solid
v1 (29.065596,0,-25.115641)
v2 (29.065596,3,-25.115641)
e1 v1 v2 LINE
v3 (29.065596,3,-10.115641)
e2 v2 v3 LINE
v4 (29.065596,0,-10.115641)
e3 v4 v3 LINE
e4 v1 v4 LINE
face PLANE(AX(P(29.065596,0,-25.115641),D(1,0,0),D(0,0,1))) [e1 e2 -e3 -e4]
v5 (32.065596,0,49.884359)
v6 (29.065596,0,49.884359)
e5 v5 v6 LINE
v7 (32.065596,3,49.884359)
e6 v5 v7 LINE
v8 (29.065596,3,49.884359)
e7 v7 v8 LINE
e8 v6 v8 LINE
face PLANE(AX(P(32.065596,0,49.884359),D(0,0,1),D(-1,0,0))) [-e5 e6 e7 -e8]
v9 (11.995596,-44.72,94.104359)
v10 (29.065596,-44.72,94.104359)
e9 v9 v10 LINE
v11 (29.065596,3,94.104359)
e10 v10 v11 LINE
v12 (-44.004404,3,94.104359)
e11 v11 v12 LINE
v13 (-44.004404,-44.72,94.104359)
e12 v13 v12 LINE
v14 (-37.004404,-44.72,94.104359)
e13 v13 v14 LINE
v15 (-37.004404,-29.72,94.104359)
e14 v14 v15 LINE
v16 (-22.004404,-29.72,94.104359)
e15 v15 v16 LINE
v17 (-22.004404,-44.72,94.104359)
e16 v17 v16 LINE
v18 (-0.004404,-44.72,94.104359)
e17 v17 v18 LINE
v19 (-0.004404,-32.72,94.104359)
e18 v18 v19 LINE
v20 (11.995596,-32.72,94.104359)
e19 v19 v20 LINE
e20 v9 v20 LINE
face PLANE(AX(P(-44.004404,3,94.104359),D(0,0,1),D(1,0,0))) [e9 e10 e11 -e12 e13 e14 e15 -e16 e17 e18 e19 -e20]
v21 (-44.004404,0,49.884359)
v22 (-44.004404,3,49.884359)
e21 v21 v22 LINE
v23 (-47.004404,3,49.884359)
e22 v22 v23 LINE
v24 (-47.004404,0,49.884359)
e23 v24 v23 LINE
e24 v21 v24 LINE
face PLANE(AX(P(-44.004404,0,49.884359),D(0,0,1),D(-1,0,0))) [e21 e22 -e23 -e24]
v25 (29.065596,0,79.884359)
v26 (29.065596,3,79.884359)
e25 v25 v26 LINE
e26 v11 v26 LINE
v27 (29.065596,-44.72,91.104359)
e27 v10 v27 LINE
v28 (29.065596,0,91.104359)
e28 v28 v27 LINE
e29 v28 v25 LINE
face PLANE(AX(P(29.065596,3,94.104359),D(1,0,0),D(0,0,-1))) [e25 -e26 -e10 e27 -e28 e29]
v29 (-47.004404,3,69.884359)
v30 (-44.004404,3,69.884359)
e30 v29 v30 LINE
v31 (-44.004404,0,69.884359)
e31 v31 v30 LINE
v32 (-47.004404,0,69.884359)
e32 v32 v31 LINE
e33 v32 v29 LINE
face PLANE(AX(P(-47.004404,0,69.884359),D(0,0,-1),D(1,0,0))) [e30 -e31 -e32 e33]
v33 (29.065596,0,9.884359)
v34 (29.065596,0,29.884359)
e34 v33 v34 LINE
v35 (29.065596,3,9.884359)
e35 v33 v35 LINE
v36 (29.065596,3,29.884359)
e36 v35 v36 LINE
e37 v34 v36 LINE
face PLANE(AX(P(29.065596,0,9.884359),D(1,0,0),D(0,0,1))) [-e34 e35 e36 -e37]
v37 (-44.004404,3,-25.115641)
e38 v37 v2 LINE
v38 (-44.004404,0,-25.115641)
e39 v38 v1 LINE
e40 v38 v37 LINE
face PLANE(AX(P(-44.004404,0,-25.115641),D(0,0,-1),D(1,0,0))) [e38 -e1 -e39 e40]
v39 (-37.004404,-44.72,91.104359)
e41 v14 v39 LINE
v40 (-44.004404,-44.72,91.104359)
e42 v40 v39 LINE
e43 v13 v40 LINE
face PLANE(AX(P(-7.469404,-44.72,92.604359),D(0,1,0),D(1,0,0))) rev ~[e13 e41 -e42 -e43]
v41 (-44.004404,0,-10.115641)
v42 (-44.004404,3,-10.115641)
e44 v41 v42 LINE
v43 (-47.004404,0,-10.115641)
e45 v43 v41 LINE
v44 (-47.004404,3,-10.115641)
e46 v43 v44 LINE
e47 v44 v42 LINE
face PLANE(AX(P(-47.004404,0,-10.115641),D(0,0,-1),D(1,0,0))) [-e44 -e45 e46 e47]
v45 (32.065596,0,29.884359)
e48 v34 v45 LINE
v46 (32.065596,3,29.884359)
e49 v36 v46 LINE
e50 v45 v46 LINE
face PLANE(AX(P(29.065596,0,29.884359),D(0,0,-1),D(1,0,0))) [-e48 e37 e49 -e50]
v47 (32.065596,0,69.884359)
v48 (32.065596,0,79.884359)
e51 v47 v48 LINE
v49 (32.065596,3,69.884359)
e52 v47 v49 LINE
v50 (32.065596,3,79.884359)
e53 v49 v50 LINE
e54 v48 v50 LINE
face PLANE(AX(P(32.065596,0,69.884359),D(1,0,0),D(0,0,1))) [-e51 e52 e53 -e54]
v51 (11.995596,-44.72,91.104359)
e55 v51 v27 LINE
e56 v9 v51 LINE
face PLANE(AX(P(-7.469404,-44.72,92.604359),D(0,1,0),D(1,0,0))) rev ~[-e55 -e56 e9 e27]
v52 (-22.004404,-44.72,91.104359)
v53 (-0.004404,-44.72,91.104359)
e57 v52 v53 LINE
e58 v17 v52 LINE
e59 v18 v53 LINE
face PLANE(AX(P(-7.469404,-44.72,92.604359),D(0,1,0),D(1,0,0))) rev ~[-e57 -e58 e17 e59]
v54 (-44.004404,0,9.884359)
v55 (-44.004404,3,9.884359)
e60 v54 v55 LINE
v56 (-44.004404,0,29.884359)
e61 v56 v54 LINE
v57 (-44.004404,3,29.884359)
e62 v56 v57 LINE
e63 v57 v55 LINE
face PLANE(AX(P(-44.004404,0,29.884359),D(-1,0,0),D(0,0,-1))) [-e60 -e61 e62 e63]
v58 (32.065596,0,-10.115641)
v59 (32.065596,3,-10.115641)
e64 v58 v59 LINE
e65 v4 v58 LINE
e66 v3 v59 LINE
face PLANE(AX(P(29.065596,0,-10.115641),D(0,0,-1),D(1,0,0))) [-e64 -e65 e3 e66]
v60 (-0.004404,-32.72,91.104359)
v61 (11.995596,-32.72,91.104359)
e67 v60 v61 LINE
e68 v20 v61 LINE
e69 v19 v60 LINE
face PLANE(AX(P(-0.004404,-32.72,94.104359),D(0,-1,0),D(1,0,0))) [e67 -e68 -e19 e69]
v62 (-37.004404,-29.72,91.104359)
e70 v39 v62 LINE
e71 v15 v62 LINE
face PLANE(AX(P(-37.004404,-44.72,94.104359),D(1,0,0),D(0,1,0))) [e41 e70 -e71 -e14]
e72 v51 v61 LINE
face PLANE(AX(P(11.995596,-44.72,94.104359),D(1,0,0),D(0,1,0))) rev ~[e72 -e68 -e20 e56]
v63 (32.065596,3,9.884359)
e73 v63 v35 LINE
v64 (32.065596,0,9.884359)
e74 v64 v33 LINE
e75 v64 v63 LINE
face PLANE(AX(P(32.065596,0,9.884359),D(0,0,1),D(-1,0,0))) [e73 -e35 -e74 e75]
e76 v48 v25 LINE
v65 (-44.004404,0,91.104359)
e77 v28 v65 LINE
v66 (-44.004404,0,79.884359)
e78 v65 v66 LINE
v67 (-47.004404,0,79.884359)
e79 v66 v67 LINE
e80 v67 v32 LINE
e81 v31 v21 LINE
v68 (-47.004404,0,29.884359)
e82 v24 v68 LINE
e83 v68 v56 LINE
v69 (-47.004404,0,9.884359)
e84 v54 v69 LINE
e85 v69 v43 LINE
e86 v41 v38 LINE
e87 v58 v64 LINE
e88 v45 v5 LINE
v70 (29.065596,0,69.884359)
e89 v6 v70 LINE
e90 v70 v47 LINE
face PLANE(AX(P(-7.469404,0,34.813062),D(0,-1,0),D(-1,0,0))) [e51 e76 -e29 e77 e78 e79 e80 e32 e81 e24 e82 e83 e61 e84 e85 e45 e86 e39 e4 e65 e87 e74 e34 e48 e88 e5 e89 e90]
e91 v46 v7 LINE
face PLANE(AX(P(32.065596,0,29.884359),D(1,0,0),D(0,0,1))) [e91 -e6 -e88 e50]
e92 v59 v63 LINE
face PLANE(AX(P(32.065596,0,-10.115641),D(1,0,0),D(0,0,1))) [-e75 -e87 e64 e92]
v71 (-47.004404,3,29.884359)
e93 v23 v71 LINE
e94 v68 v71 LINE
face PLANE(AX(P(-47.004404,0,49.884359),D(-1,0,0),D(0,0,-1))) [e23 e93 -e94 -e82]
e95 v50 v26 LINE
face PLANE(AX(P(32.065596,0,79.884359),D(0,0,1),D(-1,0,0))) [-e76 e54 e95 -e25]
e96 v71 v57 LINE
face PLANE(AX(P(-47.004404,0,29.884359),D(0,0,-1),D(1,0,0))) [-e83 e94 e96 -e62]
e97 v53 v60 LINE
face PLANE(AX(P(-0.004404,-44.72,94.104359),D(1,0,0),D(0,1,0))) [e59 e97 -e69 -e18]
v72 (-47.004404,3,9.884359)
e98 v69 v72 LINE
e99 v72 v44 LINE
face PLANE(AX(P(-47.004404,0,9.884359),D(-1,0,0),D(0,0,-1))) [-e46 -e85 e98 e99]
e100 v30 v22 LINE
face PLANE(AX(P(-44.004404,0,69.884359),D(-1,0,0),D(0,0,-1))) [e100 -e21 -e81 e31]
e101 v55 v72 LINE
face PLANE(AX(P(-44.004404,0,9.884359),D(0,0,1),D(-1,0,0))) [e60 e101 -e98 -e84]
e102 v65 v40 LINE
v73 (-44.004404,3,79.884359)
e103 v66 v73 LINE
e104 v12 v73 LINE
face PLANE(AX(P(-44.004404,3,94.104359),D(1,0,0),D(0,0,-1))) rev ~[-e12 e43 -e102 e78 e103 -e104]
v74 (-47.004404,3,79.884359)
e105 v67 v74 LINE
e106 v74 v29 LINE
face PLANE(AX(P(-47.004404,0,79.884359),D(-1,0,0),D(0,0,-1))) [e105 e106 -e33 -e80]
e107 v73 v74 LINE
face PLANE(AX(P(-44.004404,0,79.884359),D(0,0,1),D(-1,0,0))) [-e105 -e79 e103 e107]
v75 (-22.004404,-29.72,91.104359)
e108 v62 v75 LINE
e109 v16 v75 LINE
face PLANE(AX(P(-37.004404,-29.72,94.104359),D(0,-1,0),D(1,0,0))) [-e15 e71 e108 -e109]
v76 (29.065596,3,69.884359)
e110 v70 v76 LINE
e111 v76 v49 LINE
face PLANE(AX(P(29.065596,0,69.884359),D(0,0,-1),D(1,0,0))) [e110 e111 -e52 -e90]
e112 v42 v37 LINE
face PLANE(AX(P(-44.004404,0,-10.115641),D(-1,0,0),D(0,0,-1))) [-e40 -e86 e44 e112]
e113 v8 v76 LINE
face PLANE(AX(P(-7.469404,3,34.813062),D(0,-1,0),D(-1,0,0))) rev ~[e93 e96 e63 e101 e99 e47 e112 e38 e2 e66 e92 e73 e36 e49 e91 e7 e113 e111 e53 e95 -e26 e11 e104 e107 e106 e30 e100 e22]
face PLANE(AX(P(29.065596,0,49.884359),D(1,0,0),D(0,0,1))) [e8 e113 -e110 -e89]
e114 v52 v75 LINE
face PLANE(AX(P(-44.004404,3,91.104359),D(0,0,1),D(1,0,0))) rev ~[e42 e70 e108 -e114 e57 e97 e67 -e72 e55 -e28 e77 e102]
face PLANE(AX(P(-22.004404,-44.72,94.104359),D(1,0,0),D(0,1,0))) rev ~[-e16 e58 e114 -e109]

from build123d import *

# Parameters (mm, degrees)
SALIENTE_EXTRUIR1_DEPTH = 3
CROQUIS2_W              = 73.07
CROQUIS2_H              = 3
SALIENTE_EXTRUIR2_DEPTH = 47.72
CROQUIS3_W              = 15
CROQUIS3_H              = 15
CROQUIS3_W_2            = 12
CROQUIS3_H_2            = 12
CORTAR_EXTRUIR1_DEPTH   = 47.72


with BuildPart() as part:
    # Croquis1 → Saliente-Extruir1 (new body)
    with BuildSketch(Plane(origin=(0, 0, 0), x_dir=(1, 0, 0), z_dir=(0, 1, 0))):
        Polygon((29.065596193, -79.884359085), (29.065596193, -82.884359085), (29.065596193, -94.104359085), (-44.004403807, -94.104359085), (-44.004403807, -79.884359085), (-47.004403807, -79.884359085), (-47.004403807, -69.884359085), (-44.004403807, -69.884359085), (-44.004403807, -49.884359085), (-47.004403807, -49.884359085), (-47.004403807, -29.884359085), (-44.004403807, -29.884359085), (-44.004403807, -9.884359085), (-47.004403807, -9.884359085), (-47.004403807, 10.115640915), (-44.004403807, 10.115640915), (-44.004403807, 25.115640915), (29.065596193, 25.115640915), (29.065596193, 10.115640915), (32.065596193, 10.115640915), (32.065596193, -9.884359085), (29.065596193, -9.884359085), (29.065596193, -29.884359085), (32.065596193, -29.884359085), (32.065596193, -49.884359085), (29.065596193, -49.884359085), (29.065596193, -69.884359085), (32.065596193, -69.884359085), (32.065596193, -79.884359085), align=None)
    extrude(amount=SALIENTE_EXTRUIR1_DEPTH)

    # Croquis2 → Saliente-Extruir2 (add)
    with BuildSketch(Plane(origin=(0, 3, 0), x_dir=(1, 0, 0), z_dir=(0, 1, 0))):
        with Locations((-7.469403807, -92.604359085)):
            Rectangle(CROQUIS2_W, CROQUIS2_H)
    extrude(amount=-SALIENTE_EXTRUIR2_DEPTH)

    # Croquis3 → Cortar-Extruir1 (cut)
    with BuildSketch(Plane.XY.offset(94.104359085)):
        with Locations((-29.504403807, -37.22)):
            Rectangle(CROQUIS3_W, CROQUIS3_H)
        with Locations((5.995596193, -38.72)):
            Rectangle(CROQUIS3_W_2, CROQUIS3_H_2)
    extrude(amount=-CORTAR_EXTRUIR1_DEPTH, mode=Mode.SUBTRACT)


solid = part.part
